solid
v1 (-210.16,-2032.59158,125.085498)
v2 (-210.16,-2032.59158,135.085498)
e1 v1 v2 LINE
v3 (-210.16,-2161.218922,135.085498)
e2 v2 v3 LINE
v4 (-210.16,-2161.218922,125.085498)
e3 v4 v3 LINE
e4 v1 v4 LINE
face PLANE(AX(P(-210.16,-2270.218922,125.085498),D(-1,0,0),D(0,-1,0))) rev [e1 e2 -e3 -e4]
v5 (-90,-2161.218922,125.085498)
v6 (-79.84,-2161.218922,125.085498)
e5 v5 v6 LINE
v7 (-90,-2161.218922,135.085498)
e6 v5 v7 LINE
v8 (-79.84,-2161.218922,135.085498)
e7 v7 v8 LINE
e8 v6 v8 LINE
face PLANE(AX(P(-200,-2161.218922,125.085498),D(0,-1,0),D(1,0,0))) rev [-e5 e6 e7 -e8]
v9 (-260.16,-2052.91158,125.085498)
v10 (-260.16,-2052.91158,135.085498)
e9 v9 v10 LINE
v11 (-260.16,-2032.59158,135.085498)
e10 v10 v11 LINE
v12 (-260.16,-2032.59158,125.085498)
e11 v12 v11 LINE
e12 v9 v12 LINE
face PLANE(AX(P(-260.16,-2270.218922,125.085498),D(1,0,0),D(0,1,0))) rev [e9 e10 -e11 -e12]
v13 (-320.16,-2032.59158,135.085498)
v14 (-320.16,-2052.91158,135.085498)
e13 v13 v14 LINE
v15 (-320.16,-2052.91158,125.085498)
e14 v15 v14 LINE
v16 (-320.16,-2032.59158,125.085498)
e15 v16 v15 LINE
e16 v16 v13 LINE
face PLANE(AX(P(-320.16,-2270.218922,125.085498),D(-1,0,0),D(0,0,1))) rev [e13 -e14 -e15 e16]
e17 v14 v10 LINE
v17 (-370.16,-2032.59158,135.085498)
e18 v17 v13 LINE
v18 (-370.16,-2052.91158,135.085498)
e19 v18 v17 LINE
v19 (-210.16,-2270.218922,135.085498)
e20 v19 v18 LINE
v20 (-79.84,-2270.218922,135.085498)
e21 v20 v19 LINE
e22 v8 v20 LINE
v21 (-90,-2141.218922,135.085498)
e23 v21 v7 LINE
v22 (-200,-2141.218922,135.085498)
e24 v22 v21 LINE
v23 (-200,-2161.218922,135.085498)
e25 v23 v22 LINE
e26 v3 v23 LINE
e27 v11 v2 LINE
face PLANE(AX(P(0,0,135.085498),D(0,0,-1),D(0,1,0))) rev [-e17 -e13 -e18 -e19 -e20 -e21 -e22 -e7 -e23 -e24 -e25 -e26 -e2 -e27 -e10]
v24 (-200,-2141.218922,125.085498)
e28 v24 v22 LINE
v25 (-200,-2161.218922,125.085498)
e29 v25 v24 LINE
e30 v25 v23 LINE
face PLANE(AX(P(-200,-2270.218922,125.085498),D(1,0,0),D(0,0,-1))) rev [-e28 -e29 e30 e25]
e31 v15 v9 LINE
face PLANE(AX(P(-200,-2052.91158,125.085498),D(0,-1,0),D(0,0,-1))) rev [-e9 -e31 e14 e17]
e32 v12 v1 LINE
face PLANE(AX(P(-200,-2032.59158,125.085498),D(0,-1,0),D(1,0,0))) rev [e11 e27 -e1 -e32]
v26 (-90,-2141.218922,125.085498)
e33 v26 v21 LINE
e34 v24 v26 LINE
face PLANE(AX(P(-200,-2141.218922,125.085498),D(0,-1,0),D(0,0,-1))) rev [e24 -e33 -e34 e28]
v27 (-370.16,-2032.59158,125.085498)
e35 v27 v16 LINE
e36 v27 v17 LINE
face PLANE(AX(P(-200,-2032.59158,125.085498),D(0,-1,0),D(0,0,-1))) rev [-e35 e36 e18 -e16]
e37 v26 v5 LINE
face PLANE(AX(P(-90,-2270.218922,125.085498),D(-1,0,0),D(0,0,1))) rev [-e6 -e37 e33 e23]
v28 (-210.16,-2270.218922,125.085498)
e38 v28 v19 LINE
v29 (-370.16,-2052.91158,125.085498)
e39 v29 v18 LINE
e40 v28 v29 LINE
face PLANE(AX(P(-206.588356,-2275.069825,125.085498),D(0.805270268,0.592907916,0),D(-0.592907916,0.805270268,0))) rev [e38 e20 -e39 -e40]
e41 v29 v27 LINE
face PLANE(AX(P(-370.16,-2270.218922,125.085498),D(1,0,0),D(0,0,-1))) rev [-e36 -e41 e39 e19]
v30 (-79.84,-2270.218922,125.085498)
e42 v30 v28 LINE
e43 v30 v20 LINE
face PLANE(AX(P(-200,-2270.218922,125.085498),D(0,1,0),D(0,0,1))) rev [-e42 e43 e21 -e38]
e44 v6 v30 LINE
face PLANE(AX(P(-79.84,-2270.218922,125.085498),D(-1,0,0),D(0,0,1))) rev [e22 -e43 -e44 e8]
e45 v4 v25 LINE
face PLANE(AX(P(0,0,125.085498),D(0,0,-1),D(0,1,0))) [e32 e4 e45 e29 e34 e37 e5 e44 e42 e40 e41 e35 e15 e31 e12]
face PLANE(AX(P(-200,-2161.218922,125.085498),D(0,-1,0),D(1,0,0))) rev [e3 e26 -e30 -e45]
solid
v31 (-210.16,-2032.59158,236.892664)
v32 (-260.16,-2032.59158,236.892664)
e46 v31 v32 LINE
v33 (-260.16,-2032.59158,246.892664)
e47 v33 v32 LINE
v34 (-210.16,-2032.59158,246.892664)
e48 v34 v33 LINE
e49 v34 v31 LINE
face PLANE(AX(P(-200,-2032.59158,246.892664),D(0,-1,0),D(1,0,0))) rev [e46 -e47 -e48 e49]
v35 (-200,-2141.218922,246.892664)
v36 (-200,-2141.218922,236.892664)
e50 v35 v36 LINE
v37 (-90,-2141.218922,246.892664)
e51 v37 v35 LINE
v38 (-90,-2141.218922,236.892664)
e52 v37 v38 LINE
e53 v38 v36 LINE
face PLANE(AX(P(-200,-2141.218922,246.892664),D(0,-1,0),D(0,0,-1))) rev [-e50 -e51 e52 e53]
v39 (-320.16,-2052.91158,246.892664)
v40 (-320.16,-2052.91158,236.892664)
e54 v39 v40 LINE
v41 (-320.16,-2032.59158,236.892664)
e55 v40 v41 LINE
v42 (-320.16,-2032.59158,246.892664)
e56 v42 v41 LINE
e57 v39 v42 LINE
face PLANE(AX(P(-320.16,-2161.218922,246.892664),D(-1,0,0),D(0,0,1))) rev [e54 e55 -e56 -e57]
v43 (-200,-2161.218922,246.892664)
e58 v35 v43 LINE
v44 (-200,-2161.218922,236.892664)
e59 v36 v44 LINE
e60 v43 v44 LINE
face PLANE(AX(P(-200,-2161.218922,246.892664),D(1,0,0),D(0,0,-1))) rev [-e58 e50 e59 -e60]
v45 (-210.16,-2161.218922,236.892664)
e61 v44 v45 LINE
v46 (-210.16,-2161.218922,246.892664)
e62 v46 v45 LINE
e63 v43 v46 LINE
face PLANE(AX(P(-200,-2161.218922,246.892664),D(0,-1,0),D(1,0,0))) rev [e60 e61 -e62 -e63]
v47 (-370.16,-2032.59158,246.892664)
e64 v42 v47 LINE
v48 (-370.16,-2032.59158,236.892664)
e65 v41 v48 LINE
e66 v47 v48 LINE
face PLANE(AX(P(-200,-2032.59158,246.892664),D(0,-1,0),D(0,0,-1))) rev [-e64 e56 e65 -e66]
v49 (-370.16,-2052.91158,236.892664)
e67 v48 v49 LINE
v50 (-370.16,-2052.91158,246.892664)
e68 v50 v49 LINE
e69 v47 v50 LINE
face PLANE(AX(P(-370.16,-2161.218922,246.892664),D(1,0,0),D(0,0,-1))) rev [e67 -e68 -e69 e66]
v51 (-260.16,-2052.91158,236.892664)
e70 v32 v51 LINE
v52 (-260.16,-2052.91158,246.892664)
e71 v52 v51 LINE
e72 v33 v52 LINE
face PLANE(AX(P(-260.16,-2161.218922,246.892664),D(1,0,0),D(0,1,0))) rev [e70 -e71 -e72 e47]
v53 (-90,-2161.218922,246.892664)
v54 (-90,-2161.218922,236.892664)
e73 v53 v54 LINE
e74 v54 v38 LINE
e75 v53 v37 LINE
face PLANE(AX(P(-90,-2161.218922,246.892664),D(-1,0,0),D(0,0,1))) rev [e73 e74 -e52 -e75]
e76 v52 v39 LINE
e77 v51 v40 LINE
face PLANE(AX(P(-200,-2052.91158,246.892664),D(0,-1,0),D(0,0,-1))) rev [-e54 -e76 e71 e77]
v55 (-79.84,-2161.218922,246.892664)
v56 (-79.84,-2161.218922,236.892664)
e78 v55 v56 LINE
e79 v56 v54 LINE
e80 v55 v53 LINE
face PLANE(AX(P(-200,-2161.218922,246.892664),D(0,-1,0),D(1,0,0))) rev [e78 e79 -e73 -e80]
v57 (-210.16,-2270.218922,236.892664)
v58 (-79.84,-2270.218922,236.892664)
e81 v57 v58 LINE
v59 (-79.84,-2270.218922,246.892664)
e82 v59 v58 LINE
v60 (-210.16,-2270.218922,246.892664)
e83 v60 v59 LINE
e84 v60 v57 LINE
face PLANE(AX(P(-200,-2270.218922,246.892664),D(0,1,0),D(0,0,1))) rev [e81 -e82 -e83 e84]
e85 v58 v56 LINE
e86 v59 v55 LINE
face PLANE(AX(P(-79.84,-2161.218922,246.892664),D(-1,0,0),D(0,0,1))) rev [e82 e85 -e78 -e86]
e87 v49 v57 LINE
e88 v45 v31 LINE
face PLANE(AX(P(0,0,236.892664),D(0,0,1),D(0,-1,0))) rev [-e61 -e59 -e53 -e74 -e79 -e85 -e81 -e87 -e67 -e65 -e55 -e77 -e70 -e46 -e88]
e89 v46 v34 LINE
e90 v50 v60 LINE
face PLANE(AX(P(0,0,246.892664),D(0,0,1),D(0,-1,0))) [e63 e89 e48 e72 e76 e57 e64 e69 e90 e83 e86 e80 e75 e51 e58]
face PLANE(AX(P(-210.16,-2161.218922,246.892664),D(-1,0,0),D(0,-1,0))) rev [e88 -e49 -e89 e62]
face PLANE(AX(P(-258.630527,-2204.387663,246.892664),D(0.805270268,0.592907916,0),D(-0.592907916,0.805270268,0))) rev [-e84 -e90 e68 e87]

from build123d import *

# Parameters (mm, degrees)
BOSS_EXTRUDE1_START = 236.892664
BOSS_EXTRUDE1_DEPTH = 10
BOSS_EXTRUDE2_START = 125.085498
BOSS_EXTRUDE2_DEPTH = 10


with BuildPart() as part:
    # Sketch1 → Boss-Extrude1 (new body)
    with BuildSketch(Plane.XY.offset(BOSS_EXTRUDE1_START)):
        Polygon((-210.16, -2161.218921834), (-200, -2161.218921834), (-200, -2141.218921834), (-90, -2141.218921834), (-90, -2161.218921834), (-79.84, -2161.218921834), (-79.84, -2270.218921834), (-210.16, -2270.218921834), (-370.16, -2052.911580455), (-370.16, -2032.591580455), (-320.16, -2032.591580455), (-320.16, -2052.911580455), (-260.16, -2052.911580455), (-260.16, -2032.591580455), (-210.16, -2032.591580455), (-210.16, -2052.911580455), align=None)
    extrude(amount=BOSS_EXTRUDE1_DEPTH)


with BuildPart() as body_2:
    # Sketch1<2> → Boss-Extrude2 (new body)
    with BuildSketch(Plane.XY.offset(BOSS_EXTRUDE2_START)):
        Polygon((-210.16, -2161.218921834), (-200, -2161.218921834), (-200, -2141.218921834), (-90, -2141.218921834), (-90, -2161.218921834), (-79.84, -2161.218921834), (-79.84, -2270.218921834), (-210.16, -2270.218921834), (-370.16, -2052.911580455), (-370.16, -2032.591580455), (-320.16, -2032.591580455), (-320.16, -2052.911580455), (-260.16, -2052.911580455), (-260.16, -2032.591580455), (-210.16, -2032.591580455), (-210.16, -2052.911580455), align=None)
    extrude(amount=BOSS_EXTRUDE2_DEPTH)


solid = Compound([part.part, body_2.part])
